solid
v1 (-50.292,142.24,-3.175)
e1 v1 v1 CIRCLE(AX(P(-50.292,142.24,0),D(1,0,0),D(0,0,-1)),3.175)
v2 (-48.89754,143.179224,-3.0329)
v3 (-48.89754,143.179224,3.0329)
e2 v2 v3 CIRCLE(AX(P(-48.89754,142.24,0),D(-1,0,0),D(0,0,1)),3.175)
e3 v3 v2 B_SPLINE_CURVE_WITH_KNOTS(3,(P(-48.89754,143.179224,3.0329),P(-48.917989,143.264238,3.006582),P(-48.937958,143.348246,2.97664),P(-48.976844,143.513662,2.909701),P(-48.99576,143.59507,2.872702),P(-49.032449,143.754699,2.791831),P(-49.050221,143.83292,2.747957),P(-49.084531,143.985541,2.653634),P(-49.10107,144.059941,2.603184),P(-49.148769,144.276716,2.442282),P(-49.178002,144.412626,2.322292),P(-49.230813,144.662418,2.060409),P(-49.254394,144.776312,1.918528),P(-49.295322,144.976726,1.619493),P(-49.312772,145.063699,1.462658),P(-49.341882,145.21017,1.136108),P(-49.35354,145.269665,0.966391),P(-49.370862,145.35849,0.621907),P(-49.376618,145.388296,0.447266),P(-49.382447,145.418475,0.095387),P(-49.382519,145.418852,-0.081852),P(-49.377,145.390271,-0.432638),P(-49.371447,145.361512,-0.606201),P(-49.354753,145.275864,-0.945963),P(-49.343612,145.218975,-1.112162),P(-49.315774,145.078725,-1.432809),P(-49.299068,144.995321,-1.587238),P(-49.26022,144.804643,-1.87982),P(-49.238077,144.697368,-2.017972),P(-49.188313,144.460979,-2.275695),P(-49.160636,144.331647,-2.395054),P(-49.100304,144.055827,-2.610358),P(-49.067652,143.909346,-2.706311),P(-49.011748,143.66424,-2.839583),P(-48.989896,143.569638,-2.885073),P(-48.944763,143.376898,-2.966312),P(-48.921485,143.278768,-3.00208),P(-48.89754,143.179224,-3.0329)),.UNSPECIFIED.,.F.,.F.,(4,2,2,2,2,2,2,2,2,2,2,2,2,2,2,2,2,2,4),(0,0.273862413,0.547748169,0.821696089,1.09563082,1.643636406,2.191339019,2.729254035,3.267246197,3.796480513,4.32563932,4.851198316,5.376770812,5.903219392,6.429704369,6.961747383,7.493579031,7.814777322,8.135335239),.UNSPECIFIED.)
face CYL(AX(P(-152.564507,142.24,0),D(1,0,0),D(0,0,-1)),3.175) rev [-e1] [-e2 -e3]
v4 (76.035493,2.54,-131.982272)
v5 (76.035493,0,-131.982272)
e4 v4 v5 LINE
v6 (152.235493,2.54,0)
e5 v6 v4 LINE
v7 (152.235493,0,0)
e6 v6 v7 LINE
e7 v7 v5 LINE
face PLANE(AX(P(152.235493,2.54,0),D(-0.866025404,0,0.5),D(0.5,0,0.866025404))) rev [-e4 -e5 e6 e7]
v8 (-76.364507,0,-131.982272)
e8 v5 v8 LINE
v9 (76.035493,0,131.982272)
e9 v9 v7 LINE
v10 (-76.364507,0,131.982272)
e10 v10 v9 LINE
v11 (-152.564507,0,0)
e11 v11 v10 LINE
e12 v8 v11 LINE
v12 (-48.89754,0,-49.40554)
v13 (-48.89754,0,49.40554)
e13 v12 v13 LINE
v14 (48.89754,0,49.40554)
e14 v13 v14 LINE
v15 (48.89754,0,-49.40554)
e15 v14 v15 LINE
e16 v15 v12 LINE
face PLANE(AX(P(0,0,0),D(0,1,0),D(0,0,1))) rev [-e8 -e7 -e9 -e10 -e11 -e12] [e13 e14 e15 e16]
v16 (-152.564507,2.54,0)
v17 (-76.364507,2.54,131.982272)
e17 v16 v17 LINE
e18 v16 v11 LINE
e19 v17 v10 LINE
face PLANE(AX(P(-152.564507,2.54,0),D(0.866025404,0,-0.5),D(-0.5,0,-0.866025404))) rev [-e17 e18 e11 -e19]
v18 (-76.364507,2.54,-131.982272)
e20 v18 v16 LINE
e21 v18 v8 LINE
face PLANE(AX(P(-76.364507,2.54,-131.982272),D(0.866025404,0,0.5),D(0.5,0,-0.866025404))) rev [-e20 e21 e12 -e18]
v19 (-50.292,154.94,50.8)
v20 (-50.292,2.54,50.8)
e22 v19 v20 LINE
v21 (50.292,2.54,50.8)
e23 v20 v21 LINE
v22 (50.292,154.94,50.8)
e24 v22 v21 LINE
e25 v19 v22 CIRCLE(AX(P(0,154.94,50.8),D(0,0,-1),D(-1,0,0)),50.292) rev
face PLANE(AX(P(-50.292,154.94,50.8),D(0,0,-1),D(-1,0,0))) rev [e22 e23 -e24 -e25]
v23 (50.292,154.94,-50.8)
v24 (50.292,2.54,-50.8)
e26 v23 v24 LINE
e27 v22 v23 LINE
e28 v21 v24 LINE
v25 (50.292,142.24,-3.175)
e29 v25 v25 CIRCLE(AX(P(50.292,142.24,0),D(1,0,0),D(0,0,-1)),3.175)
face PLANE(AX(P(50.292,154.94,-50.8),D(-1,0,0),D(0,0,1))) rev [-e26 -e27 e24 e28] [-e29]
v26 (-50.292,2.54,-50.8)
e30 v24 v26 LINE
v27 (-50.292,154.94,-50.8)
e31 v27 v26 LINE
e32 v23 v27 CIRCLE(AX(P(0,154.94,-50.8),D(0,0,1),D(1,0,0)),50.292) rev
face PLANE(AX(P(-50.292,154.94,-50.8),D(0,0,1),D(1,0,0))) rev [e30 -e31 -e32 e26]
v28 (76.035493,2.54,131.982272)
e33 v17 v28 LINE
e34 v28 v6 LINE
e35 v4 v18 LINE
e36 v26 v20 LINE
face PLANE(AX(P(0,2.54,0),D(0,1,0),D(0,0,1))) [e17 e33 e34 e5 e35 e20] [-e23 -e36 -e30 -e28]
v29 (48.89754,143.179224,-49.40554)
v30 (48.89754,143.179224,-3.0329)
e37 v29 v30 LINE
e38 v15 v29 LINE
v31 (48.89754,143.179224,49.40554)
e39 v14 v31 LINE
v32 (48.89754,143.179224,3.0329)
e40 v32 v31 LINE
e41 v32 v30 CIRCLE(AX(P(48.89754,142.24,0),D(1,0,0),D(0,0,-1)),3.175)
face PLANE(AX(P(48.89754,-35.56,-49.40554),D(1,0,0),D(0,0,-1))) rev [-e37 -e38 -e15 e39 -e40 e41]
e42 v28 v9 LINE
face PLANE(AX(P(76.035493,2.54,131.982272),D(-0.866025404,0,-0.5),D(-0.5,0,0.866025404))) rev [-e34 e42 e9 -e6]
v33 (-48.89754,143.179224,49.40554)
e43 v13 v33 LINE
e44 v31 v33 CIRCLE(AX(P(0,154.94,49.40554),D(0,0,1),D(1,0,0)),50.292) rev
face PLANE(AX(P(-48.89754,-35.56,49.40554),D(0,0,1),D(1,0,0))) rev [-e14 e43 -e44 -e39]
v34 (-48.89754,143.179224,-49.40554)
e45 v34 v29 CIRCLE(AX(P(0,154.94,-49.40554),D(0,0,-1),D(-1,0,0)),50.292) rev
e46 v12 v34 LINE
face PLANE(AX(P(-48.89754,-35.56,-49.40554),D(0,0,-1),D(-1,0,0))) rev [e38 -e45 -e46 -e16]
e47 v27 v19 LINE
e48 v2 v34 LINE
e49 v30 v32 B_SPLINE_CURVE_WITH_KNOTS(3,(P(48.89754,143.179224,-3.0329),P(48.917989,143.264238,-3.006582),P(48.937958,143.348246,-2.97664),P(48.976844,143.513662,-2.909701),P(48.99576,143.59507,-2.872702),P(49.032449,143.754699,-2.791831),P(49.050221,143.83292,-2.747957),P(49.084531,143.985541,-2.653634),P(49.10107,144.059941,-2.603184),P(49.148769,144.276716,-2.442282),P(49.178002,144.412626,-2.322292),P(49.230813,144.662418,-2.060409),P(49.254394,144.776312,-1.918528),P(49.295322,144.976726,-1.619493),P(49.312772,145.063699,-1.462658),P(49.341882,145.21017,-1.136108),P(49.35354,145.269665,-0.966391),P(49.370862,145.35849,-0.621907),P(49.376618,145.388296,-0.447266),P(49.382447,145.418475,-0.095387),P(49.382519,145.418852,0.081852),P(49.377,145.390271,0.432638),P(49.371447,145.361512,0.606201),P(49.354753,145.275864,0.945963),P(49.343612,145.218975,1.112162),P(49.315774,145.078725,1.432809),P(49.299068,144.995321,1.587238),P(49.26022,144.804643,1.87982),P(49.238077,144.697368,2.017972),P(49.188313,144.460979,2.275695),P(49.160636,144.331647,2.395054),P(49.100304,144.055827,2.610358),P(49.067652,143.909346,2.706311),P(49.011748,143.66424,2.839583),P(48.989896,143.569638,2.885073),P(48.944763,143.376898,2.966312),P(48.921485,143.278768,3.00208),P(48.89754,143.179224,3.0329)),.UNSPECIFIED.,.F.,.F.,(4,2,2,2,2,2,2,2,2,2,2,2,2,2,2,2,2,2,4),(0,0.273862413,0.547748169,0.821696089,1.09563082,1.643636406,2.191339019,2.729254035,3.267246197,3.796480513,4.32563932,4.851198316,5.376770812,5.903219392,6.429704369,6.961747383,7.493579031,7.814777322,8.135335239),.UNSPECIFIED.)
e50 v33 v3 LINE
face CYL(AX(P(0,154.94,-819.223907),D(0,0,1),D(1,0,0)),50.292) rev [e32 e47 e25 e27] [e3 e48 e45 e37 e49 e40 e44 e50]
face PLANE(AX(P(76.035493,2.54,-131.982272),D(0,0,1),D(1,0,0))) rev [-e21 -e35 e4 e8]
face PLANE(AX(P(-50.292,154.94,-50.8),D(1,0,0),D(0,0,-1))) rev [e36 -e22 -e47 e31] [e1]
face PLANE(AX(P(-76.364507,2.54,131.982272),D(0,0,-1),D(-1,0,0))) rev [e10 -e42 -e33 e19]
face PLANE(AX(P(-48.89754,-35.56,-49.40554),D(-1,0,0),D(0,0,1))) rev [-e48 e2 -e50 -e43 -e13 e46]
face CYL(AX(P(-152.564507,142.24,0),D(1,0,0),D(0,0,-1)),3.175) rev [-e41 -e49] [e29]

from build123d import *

# Parameters (mm, degrees)
BOSS_EXTRUDE1_DEPTH     = 2.54
SKETCH2_W               = 100.584
SKETCH2_H               = 101.6
BOSS_EXTRUDE2_DEPTH     = 152.4
SKETCH4_W               = 97.79508
SKETCH4_H               = 98.81108
CUT_EXTRUDE1_DEPTH      = 190.5
SKETCH6_R               = 3.175
CUT_EXTRUDE2_DEPTH      = 203.856506729
CUT_EXTRUDE4_DEPTH      = 82.182271537
CUT_EXTRUDE4_DEPTH_BACK = 183.782271537


with BuildPart() as part:
    # Sketch1 → Boss-Extrude1 (new body)
    with BuildSketch(Plane(origin=(0, 0, 0), x_dir=(1, 0, 0), z_dir=(0, 1, 0))):
        Polygon((76.035493271, -131.982271537), (152.235493271, 0), (76.035493271, 131.982271537), (-76.364506729, 131.982271537), (-152.564506729, 0), (-76.364506729, -131.982271537), align=None)
    extrude(amount=BOSS_EXTRUDE1_DEPTH)

    # Sketch2 → Boss-Extrude2 (add)
    with BuildSketch(Plane(origin=(0, 2.54, 0), x_dir=(1, 0, 0), z_dir=(0, 1, 0))):
        Rectangle(SKETCH2_W, SKETCH2_H)
    extrude(amount=BOSS_EXTRUDE2_DEPTH)

    # Sketch4 → Cut-Extrude1 (cut)
    with BuildSketch(Plane(origin=(0, 154.94, 0), x_dir=(1, 0, 0), z_dir=(0, 1, 0))):
        Rectangle(SKETCH4_W, SKETCH4_H)
    extrude(amount=-CUT_EXTRUDE1_DEPTH, mode=Mode.SUBTRACT)

    # Sketch6 → Cut-Extrude2 (cut, through all)
    with BuildSketch(Plane(origin=(50.292, 0, 0), x_dir=(0, 0, -1), z_dir=(1, 0, 0))):
        with Locations((0, 142.24)):
            Circle(SKETCH6_R)
    extrude(amount=-CUT_EXTRUDE2_DEPTH, mode=Mode.SUBTRACT)

    # Sketch7 → Cut-Extrude4 (cut, two sides)
    with BuildSketch(Plane(origin=(0, 0, -50.8), x_dir=(-1, 0, 0), z_dir=(0, 0, -1))) as cut_extrude4_sk:
        with BuildLine():
            Line((-50.292, 675.458034637), (-50.292, 154.94))
            ThreePointArc((-50.292, 154.94), (0, 104.648), (50.292, 154.94))
            Line((50.292, 154.94), (50.292, 675.458034637))
            Line((50.292, 675.458034637), (50.292, 1716.494103911))
            Line((50.292, 1716.494103911), (-50.292, 1716.494103911))
            Line((-50.292, 1716.494103911), (-50.292, 675.458034637))
        make_face()
    extrude(amount=CUT_EXTRUDE4_DEPTH, mode=Mode.SUBTRACT)
    extrude(cut_extrude4_sk.sketch, amount=-CUT_EXTRUDE4_DEPTH_BACK, mode=Mode.SUBTRACT)


solid = part.part
